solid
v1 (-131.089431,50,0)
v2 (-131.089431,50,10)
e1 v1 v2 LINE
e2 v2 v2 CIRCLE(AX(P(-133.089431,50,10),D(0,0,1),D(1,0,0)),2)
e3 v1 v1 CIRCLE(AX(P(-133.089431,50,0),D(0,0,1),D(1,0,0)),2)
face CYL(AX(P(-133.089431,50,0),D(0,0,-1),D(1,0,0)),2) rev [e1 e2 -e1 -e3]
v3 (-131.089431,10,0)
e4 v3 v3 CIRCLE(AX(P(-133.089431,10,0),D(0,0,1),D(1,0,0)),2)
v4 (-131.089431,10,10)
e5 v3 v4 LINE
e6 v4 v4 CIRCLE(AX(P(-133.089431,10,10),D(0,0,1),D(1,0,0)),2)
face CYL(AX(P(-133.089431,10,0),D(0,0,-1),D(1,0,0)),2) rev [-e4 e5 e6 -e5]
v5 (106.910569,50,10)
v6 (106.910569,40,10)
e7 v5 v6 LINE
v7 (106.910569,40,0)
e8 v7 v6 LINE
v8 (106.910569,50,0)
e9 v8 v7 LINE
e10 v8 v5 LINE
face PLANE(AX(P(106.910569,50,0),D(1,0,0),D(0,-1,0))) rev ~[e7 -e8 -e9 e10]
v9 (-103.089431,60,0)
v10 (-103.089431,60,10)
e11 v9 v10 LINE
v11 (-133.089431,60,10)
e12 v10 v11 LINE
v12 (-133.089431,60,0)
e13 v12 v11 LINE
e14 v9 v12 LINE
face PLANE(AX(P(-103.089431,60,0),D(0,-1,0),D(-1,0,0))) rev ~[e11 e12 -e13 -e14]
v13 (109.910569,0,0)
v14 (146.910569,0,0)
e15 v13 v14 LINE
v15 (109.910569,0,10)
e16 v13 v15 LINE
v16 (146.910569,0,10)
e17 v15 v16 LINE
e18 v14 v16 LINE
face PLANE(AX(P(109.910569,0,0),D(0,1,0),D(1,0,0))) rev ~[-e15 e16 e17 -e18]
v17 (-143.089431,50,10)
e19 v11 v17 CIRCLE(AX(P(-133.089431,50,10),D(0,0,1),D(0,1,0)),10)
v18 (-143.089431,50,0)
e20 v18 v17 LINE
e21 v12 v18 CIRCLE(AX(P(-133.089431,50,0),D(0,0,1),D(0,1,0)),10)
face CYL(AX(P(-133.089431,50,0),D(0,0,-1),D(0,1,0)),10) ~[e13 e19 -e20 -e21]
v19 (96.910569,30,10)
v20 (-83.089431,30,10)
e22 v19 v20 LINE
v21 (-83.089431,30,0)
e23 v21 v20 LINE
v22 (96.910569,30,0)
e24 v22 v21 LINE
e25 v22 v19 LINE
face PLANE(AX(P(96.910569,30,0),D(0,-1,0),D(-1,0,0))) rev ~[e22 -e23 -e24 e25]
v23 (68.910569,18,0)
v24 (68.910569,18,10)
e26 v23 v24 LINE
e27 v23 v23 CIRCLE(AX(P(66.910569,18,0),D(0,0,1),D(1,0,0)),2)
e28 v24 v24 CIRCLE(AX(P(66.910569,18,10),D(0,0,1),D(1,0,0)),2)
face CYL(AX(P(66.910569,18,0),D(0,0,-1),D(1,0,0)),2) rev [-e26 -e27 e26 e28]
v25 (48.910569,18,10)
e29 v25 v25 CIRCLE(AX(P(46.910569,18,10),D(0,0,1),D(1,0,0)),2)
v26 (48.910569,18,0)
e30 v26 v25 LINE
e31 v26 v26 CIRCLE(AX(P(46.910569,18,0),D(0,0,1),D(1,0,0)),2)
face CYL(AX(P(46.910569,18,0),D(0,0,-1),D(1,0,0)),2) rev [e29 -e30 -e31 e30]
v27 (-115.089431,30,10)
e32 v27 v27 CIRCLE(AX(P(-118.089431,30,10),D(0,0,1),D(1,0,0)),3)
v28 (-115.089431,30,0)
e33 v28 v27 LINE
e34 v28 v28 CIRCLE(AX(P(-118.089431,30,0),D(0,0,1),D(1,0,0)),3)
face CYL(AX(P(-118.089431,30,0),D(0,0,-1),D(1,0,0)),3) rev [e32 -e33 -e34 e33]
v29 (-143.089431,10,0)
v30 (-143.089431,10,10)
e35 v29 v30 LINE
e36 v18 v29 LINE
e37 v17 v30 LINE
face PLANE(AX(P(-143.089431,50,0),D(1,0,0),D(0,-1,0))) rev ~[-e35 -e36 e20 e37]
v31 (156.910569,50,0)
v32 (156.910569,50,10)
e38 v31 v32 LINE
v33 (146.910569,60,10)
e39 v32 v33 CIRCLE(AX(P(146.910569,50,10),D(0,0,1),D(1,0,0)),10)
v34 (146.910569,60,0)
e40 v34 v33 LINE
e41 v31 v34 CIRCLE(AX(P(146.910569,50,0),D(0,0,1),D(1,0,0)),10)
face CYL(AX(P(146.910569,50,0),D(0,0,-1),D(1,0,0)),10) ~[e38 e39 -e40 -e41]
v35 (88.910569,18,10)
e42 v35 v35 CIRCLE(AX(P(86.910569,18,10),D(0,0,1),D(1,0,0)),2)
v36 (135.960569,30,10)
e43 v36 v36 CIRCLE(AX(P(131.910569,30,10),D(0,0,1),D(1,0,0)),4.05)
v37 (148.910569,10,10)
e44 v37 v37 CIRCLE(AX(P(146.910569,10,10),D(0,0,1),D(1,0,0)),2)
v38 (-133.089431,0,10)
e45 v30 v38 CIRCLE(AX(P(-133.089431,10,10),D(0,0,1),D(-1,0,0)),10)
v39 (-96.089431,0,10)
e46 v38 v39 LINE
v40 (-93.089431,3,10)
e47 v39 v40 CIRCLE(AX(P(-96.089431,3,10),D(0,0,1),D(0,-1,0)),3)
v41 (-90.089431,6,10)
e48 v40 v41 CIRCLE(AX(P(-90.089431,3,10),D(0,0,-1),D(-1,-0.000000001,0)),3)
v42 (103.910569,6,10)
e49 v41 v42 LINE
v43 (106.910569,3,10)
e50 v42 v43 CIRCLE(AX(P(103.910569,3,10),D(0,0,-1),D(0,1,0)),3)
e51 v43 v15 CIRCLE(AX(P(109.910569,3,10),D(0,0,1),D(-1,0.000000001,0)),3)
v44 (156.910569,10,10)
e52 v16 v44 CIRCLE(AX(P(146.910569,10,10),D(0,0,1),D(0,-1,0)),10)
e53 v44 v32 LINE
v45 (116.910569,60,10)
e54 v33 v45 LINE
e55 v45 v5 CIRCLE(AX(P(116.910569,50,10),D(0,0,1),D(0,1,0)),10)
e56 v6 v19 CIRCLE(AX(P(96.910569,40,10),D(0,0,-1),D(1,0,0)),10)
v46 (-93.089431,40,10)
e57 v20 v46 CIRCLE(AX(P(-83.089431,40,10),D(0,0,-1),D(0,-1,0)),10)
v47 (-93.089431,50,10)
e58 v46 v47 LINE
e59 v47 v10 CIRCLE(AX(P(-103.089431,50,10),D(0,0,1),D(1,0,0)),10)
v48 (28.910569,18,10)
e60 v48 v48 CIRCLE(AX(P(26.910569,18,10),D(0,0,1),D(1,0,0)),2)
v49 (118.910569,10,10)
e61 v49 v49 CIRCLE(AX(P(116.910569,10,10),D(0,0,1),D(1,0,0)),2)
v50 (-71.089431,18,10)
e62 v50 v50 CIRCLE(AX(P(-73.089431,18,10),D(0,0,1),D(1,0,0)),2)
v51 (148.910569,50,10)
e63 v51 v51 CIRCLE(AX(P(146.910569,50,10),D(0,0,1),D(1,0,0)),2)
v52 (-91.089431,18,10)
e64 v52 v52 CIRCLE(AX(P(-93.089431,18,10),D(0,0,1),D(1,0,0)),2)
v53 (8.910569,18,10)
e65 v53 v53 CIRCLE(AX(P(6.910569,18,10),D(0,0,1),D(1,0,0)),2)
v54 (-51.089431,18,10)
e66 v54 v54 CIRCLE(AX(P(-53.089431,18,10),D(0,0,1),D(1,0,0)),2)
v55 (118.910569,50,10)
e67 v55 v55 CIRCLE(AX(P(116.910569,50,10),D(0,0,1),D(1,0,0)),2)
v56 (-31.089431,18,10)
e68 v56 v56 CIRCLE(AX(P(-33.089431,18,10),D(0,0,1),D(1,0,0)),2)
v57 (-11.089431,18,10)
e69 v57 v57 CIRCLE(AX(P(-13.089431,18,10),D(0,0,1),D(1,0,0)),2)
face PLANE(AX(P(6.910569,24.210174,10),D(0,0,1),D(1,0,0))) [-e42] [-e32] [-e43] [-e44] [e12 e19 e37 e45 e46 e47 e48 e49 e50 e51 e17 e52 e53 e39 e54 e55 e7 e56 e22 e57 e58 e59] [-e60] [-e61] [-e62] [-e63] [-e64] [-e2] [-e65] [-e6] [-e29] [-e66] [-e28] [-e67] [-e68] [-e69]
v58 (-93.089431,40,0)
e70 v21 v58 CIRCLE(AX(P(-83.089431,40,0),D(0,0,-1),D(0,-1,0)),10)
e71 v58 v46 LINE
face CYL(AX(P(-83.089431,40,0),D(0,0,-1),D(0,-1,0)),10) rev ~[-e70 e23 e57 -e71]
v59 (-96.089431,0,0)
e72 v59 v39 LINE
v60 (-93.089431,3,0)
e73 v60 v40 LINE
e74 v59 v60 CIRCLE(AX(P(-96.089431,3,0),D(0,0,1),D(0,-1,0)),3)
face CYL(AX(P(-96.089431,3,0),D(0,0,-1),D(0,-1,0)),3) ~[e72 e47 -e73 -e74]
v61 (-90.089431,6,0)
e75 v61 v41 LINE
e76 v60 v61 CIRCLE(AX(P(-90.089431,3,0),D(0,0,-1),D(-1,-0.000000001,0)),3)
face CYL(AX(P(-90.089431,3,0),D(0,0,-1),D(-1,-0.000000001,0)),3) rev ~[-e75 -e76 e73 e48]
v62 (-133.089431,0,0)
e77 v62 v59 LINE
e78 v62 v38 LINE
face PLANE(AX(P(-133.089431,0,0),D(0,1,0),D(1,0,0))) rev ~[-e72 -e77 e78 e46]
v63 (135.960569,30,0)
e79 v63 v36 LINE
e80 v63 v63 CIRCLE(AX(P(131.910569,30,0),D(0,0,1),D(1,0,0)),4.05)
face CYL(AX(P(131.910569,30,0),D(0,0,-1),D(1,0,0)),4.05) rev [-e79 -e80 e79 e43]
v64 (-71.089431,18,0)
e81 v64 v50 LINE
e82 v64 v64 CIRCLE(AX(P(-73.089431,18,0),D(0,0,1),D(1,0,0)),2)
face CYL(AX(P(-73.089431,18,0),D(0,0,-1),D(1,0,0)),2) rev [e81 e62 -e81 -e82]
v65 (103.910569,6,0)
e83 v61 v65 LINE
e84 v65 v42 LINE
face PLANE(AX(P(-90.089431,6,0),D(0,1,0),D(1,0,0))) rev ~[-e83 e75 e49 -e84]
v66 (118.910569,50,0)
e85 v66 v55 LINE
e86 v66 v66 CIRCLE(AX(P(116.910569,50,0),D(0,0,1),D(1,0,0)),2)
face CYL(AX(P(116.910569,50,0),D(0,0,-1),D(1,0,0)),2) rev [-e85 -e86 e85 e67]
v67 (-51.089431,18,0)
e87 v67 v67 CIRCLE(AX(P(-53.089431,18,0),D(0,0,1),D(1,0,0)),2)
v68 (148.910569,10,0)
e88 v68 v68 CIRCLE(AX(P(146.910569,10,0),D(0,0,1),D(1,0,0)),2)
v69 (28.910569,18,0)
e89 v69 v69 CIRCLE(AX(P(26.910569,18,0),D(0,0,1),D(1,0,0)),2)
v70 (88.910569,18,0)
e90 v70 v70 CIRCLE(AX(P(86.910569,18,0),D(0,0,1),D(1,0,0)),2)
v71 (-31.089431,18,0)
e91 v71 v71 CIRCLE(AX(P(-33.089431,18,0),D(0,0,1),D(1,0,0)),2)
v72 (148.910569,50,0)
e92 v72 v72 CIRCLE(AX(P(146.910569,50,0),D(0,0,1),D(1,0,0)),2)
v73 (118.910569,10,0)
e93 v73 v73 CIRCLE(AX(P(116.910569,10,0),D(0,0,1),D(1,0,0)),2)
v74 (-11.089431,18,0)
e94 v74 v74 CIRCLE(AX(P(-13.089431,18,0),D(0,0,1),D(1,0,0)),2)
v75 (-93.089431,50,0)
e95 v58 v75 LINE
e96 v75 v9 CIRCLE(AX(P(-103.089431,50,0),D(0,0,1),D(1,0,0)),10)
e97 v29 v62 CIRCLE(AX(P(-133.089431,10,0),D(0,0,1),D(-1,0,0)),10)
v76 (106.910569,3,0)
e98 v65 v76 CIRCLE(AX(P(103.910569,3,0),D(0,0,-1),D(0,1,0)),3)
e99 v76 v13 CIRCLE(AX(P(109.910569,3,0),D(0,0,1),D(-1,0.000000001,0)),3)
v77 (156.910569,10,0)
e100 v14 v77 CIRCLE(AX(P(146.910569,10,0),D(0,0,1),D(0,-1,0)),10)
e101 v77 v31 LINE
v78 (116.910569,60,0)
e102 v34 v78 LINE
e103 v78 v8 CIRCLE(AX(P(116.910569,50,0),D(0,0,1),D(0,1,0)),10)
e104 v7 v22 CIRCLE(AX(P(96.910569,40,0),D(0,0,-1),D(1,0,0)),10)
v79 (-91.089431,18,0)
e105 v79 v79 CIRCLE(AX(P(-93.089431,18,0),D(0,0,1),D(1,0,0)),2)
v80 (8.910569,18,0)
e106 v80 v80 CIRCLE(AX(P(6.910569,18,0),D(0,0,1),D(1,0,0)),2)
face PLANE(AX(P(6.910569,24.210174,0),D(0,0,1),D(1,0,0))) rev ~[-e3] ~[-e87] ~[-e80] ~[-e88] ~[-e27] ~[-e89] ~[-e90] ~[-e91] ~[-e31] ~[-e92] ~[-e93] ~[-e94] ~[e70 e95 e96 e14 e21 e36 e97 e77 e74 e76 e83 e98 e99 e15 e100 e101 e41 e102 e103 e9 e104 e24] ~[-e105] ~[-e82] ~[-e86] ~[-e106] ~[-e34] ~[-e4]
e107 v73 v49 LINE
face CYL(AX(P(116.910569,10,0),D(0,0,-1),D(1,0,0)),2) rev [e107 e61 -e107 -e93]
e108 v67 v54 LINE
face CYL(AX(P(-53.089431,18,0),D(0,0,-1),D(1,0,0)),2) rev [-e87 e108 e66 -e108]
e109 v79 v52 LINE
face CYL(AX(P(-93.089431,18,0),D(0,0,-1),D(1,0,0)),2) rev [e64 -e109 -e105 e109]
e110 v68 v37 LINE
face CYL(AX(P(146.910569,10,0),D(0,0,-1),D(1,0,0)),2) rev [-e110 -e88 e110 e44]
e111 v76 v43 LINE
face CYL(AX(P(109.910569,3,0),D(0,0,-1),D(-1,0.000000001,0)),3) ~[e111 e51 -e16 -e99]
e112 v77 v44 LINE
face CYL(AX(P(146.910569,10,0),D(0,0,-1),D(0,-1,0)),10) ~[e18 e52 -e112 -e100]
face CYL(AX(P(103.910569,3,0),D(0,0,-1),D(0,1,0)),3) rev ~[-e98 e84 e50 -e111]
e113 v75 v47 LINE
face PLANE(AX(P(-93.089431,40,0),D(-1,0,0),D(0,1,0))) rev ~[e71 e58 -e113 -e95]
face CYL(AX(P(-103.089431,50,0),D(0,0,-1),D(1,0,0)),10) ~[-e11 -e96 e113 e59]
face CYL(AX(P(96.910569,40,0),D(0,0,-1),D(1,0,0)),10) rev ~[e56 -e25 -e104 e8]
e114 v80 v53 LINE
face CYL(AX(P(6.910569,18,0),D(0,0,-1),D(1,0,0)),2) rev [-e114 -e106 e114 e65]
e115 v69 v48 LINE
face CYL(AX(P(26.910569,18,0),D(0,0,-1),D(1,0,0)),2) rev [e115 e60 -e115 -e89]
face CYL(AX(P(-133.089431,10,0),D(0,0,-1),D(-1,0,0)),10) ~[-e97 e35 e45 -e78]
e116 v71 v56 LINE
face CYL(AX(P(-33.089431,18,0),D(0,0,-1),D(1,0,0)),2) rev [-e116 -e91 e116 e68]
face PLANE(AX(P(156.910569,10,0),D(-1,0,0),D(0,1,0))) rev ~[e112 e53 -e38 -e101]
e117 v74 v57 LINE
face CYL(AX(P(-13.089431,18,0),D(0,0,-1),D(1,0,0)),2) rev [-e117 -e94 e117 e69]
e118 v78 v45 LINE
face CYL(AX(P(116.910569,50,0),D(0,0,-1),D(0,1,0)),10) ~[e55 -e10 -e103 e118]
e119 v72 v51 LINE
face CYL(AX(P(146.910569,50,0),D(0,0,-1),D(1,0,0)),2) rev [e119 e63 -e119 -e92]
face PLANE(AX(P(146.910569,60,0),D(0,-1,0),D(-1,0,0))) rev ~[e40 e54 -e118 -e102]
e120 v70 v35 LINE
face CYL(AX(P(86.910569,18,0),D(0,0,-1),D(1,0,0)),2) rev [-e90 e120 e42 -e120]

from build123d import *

# Parameters (mm, degrees)
MODEL_R             = 4.05
MODEL_R_2           = 3
MODEL_R_3           = 2
BOSS_EXTRUDE1_DEPTH = 10


with BuildPart() as part:
    # Model → Boss-Extrude1 (new body)
    with BuildSketch(Plane.XY):
        with BuildLine():
            Line((-90.089430894, 6), (103.910569106, 6))
            ThreePointArc((103.910569106, 6), (106.031889449, 5.121320344), (106.910569106, 3))
            ThreePointArc((106.910569106, 3), (107.789248762, 0.878679656), (109.910569106, 0))
            Line((109.910569106, 0), (146.910569106, 0))
            ThreePointArc((146.910569106, 0), (153.981636918, 2.928932188), (156.910569106, 10))
            Line((156.910569106, 10), (156.910569106, 50))
            ThreePointArc((156.910569106, 50), (153.981636918, 57.071067812), (146.910569106, 60))
            Line((146.910569106, 60), (116.910569106, 60))
            ThreePointArc((116.910569106, 60), (109.839501294, 57.071067812), (106.910569106, 50))
            Line((106.910569106, 50), (106.910569106, 40))
            ThreePointArc((106.910569106, 40), (103.981636918, 32.928932188), (96.910569106, 30))
            Line((96.910569106, 30), (-83.089430894, 30))
            ThreePointArc((-83.089430894, 30), (-90.160498706, 32.928932188), (-93.089430894, 40))
            Line((-93.089430894, 40), (-93.089430894, 50))
            ThreePointArc((-93.089430894, 50), (-96.018363082, 57.071067812), (-103.089430894, 60))
            Line((-103.089430894, 60), (-133.089430894, 60))
            ThreePointArc((-133.089430894, 60), (-140.160498706, 57.071067812), (-143.089430894, 50))
            Line((-143.089430894, 50), (-143.089430894, 10))
            ThreePointArc((-143.089430894, 10), (-140.160498706, 2.928932188), (-133.089430894, 0))
            Line((-133.089430894, 0), (-96.089430894, 0))
            ThreePointArc((-96.089430894, 0), (-93.968110551, 0.878679656), (-93.089430894, 3))
            ThreePointArc((-93.089430894, 3), (-92.210751238, 5.121320344), (-90.089430894, 6))
        make_face()
        with Locations((131.910569106, 30)):
            Circle(MODEL_R, mode=Mode.SUBTRACT)
        with Locations((-118.089430894, 30)):
            Circle(MODEL_R_2, mode=Mode.SUBTRACT)
        with Locations((6.910569106, 18)):
            Circle(MODEL_R_3, mode=Mode.SUBTRACT)
        with Locations((-33.089430894, 18)):
            Circle(MODEL_R_3, mode=Mode.SUBTRACT)
        with Locations((-13.089430894, 18)):
            Circle(MODEL_R_3, mode=Mode.SUBTRACT)
        with Locations((86.910569106, 18)):
            Circle(MODEL_R_3, mode=Mode.SUBTRACT)
        with Locations((66.910569106, 18)):
            Circle(MODEL_R_3, mode=Mode.SUBTRACT)
        with Locations((46.910569106, 18)):
            Circle(MODEL_R_3, mode=Mode.SUBTRACT)
        with Locations((26.910569106, 18)):
            Circle(MODEL_R_3, mode=Mode.SUBTRACT)
        with Locations((146.910569106, 10)):
            Circle(MODEL_R_3, mode=Mode.SUBTRACT)
        with Locations((146.910569106, 50)):
            Circle(MODEL_R_3, mode=Mode.SUBTRACT)
        with Locations((-133.089430894, 10)):
            Circle(MODEL_R_3, mode=Mode.SUBTRACT)
        with Locations((-133.089430894, 50)):
            Circle(MODEL_R_3, mode=Mode.SUBTRACT)
        with Locations((-93.089430894, 18)):
            Circle(MODEL_R_3, mode=Mode.SUBTRACT)
        with Locations((-73.089430894, 18)):
            Circle(MODEL_R_3, mode=Mode.SUBTRACT)
        with Locations((-53.089430894, 18)):
            Circle(MODEL_R_3, mode=Mode.SUBTRACT)
        with Locations((116.910569106, 50)):
            Circle(MODEL_R_3, mode=Mode.SUBTRACT)
        with Locations((116.910569106, 10)):
            Circle(MODEL_R_3, mode=Mode.SUBTRACT)
    extrude(amount=BOSS_EXTRUDE1_DEPTH)


solid = part.part
